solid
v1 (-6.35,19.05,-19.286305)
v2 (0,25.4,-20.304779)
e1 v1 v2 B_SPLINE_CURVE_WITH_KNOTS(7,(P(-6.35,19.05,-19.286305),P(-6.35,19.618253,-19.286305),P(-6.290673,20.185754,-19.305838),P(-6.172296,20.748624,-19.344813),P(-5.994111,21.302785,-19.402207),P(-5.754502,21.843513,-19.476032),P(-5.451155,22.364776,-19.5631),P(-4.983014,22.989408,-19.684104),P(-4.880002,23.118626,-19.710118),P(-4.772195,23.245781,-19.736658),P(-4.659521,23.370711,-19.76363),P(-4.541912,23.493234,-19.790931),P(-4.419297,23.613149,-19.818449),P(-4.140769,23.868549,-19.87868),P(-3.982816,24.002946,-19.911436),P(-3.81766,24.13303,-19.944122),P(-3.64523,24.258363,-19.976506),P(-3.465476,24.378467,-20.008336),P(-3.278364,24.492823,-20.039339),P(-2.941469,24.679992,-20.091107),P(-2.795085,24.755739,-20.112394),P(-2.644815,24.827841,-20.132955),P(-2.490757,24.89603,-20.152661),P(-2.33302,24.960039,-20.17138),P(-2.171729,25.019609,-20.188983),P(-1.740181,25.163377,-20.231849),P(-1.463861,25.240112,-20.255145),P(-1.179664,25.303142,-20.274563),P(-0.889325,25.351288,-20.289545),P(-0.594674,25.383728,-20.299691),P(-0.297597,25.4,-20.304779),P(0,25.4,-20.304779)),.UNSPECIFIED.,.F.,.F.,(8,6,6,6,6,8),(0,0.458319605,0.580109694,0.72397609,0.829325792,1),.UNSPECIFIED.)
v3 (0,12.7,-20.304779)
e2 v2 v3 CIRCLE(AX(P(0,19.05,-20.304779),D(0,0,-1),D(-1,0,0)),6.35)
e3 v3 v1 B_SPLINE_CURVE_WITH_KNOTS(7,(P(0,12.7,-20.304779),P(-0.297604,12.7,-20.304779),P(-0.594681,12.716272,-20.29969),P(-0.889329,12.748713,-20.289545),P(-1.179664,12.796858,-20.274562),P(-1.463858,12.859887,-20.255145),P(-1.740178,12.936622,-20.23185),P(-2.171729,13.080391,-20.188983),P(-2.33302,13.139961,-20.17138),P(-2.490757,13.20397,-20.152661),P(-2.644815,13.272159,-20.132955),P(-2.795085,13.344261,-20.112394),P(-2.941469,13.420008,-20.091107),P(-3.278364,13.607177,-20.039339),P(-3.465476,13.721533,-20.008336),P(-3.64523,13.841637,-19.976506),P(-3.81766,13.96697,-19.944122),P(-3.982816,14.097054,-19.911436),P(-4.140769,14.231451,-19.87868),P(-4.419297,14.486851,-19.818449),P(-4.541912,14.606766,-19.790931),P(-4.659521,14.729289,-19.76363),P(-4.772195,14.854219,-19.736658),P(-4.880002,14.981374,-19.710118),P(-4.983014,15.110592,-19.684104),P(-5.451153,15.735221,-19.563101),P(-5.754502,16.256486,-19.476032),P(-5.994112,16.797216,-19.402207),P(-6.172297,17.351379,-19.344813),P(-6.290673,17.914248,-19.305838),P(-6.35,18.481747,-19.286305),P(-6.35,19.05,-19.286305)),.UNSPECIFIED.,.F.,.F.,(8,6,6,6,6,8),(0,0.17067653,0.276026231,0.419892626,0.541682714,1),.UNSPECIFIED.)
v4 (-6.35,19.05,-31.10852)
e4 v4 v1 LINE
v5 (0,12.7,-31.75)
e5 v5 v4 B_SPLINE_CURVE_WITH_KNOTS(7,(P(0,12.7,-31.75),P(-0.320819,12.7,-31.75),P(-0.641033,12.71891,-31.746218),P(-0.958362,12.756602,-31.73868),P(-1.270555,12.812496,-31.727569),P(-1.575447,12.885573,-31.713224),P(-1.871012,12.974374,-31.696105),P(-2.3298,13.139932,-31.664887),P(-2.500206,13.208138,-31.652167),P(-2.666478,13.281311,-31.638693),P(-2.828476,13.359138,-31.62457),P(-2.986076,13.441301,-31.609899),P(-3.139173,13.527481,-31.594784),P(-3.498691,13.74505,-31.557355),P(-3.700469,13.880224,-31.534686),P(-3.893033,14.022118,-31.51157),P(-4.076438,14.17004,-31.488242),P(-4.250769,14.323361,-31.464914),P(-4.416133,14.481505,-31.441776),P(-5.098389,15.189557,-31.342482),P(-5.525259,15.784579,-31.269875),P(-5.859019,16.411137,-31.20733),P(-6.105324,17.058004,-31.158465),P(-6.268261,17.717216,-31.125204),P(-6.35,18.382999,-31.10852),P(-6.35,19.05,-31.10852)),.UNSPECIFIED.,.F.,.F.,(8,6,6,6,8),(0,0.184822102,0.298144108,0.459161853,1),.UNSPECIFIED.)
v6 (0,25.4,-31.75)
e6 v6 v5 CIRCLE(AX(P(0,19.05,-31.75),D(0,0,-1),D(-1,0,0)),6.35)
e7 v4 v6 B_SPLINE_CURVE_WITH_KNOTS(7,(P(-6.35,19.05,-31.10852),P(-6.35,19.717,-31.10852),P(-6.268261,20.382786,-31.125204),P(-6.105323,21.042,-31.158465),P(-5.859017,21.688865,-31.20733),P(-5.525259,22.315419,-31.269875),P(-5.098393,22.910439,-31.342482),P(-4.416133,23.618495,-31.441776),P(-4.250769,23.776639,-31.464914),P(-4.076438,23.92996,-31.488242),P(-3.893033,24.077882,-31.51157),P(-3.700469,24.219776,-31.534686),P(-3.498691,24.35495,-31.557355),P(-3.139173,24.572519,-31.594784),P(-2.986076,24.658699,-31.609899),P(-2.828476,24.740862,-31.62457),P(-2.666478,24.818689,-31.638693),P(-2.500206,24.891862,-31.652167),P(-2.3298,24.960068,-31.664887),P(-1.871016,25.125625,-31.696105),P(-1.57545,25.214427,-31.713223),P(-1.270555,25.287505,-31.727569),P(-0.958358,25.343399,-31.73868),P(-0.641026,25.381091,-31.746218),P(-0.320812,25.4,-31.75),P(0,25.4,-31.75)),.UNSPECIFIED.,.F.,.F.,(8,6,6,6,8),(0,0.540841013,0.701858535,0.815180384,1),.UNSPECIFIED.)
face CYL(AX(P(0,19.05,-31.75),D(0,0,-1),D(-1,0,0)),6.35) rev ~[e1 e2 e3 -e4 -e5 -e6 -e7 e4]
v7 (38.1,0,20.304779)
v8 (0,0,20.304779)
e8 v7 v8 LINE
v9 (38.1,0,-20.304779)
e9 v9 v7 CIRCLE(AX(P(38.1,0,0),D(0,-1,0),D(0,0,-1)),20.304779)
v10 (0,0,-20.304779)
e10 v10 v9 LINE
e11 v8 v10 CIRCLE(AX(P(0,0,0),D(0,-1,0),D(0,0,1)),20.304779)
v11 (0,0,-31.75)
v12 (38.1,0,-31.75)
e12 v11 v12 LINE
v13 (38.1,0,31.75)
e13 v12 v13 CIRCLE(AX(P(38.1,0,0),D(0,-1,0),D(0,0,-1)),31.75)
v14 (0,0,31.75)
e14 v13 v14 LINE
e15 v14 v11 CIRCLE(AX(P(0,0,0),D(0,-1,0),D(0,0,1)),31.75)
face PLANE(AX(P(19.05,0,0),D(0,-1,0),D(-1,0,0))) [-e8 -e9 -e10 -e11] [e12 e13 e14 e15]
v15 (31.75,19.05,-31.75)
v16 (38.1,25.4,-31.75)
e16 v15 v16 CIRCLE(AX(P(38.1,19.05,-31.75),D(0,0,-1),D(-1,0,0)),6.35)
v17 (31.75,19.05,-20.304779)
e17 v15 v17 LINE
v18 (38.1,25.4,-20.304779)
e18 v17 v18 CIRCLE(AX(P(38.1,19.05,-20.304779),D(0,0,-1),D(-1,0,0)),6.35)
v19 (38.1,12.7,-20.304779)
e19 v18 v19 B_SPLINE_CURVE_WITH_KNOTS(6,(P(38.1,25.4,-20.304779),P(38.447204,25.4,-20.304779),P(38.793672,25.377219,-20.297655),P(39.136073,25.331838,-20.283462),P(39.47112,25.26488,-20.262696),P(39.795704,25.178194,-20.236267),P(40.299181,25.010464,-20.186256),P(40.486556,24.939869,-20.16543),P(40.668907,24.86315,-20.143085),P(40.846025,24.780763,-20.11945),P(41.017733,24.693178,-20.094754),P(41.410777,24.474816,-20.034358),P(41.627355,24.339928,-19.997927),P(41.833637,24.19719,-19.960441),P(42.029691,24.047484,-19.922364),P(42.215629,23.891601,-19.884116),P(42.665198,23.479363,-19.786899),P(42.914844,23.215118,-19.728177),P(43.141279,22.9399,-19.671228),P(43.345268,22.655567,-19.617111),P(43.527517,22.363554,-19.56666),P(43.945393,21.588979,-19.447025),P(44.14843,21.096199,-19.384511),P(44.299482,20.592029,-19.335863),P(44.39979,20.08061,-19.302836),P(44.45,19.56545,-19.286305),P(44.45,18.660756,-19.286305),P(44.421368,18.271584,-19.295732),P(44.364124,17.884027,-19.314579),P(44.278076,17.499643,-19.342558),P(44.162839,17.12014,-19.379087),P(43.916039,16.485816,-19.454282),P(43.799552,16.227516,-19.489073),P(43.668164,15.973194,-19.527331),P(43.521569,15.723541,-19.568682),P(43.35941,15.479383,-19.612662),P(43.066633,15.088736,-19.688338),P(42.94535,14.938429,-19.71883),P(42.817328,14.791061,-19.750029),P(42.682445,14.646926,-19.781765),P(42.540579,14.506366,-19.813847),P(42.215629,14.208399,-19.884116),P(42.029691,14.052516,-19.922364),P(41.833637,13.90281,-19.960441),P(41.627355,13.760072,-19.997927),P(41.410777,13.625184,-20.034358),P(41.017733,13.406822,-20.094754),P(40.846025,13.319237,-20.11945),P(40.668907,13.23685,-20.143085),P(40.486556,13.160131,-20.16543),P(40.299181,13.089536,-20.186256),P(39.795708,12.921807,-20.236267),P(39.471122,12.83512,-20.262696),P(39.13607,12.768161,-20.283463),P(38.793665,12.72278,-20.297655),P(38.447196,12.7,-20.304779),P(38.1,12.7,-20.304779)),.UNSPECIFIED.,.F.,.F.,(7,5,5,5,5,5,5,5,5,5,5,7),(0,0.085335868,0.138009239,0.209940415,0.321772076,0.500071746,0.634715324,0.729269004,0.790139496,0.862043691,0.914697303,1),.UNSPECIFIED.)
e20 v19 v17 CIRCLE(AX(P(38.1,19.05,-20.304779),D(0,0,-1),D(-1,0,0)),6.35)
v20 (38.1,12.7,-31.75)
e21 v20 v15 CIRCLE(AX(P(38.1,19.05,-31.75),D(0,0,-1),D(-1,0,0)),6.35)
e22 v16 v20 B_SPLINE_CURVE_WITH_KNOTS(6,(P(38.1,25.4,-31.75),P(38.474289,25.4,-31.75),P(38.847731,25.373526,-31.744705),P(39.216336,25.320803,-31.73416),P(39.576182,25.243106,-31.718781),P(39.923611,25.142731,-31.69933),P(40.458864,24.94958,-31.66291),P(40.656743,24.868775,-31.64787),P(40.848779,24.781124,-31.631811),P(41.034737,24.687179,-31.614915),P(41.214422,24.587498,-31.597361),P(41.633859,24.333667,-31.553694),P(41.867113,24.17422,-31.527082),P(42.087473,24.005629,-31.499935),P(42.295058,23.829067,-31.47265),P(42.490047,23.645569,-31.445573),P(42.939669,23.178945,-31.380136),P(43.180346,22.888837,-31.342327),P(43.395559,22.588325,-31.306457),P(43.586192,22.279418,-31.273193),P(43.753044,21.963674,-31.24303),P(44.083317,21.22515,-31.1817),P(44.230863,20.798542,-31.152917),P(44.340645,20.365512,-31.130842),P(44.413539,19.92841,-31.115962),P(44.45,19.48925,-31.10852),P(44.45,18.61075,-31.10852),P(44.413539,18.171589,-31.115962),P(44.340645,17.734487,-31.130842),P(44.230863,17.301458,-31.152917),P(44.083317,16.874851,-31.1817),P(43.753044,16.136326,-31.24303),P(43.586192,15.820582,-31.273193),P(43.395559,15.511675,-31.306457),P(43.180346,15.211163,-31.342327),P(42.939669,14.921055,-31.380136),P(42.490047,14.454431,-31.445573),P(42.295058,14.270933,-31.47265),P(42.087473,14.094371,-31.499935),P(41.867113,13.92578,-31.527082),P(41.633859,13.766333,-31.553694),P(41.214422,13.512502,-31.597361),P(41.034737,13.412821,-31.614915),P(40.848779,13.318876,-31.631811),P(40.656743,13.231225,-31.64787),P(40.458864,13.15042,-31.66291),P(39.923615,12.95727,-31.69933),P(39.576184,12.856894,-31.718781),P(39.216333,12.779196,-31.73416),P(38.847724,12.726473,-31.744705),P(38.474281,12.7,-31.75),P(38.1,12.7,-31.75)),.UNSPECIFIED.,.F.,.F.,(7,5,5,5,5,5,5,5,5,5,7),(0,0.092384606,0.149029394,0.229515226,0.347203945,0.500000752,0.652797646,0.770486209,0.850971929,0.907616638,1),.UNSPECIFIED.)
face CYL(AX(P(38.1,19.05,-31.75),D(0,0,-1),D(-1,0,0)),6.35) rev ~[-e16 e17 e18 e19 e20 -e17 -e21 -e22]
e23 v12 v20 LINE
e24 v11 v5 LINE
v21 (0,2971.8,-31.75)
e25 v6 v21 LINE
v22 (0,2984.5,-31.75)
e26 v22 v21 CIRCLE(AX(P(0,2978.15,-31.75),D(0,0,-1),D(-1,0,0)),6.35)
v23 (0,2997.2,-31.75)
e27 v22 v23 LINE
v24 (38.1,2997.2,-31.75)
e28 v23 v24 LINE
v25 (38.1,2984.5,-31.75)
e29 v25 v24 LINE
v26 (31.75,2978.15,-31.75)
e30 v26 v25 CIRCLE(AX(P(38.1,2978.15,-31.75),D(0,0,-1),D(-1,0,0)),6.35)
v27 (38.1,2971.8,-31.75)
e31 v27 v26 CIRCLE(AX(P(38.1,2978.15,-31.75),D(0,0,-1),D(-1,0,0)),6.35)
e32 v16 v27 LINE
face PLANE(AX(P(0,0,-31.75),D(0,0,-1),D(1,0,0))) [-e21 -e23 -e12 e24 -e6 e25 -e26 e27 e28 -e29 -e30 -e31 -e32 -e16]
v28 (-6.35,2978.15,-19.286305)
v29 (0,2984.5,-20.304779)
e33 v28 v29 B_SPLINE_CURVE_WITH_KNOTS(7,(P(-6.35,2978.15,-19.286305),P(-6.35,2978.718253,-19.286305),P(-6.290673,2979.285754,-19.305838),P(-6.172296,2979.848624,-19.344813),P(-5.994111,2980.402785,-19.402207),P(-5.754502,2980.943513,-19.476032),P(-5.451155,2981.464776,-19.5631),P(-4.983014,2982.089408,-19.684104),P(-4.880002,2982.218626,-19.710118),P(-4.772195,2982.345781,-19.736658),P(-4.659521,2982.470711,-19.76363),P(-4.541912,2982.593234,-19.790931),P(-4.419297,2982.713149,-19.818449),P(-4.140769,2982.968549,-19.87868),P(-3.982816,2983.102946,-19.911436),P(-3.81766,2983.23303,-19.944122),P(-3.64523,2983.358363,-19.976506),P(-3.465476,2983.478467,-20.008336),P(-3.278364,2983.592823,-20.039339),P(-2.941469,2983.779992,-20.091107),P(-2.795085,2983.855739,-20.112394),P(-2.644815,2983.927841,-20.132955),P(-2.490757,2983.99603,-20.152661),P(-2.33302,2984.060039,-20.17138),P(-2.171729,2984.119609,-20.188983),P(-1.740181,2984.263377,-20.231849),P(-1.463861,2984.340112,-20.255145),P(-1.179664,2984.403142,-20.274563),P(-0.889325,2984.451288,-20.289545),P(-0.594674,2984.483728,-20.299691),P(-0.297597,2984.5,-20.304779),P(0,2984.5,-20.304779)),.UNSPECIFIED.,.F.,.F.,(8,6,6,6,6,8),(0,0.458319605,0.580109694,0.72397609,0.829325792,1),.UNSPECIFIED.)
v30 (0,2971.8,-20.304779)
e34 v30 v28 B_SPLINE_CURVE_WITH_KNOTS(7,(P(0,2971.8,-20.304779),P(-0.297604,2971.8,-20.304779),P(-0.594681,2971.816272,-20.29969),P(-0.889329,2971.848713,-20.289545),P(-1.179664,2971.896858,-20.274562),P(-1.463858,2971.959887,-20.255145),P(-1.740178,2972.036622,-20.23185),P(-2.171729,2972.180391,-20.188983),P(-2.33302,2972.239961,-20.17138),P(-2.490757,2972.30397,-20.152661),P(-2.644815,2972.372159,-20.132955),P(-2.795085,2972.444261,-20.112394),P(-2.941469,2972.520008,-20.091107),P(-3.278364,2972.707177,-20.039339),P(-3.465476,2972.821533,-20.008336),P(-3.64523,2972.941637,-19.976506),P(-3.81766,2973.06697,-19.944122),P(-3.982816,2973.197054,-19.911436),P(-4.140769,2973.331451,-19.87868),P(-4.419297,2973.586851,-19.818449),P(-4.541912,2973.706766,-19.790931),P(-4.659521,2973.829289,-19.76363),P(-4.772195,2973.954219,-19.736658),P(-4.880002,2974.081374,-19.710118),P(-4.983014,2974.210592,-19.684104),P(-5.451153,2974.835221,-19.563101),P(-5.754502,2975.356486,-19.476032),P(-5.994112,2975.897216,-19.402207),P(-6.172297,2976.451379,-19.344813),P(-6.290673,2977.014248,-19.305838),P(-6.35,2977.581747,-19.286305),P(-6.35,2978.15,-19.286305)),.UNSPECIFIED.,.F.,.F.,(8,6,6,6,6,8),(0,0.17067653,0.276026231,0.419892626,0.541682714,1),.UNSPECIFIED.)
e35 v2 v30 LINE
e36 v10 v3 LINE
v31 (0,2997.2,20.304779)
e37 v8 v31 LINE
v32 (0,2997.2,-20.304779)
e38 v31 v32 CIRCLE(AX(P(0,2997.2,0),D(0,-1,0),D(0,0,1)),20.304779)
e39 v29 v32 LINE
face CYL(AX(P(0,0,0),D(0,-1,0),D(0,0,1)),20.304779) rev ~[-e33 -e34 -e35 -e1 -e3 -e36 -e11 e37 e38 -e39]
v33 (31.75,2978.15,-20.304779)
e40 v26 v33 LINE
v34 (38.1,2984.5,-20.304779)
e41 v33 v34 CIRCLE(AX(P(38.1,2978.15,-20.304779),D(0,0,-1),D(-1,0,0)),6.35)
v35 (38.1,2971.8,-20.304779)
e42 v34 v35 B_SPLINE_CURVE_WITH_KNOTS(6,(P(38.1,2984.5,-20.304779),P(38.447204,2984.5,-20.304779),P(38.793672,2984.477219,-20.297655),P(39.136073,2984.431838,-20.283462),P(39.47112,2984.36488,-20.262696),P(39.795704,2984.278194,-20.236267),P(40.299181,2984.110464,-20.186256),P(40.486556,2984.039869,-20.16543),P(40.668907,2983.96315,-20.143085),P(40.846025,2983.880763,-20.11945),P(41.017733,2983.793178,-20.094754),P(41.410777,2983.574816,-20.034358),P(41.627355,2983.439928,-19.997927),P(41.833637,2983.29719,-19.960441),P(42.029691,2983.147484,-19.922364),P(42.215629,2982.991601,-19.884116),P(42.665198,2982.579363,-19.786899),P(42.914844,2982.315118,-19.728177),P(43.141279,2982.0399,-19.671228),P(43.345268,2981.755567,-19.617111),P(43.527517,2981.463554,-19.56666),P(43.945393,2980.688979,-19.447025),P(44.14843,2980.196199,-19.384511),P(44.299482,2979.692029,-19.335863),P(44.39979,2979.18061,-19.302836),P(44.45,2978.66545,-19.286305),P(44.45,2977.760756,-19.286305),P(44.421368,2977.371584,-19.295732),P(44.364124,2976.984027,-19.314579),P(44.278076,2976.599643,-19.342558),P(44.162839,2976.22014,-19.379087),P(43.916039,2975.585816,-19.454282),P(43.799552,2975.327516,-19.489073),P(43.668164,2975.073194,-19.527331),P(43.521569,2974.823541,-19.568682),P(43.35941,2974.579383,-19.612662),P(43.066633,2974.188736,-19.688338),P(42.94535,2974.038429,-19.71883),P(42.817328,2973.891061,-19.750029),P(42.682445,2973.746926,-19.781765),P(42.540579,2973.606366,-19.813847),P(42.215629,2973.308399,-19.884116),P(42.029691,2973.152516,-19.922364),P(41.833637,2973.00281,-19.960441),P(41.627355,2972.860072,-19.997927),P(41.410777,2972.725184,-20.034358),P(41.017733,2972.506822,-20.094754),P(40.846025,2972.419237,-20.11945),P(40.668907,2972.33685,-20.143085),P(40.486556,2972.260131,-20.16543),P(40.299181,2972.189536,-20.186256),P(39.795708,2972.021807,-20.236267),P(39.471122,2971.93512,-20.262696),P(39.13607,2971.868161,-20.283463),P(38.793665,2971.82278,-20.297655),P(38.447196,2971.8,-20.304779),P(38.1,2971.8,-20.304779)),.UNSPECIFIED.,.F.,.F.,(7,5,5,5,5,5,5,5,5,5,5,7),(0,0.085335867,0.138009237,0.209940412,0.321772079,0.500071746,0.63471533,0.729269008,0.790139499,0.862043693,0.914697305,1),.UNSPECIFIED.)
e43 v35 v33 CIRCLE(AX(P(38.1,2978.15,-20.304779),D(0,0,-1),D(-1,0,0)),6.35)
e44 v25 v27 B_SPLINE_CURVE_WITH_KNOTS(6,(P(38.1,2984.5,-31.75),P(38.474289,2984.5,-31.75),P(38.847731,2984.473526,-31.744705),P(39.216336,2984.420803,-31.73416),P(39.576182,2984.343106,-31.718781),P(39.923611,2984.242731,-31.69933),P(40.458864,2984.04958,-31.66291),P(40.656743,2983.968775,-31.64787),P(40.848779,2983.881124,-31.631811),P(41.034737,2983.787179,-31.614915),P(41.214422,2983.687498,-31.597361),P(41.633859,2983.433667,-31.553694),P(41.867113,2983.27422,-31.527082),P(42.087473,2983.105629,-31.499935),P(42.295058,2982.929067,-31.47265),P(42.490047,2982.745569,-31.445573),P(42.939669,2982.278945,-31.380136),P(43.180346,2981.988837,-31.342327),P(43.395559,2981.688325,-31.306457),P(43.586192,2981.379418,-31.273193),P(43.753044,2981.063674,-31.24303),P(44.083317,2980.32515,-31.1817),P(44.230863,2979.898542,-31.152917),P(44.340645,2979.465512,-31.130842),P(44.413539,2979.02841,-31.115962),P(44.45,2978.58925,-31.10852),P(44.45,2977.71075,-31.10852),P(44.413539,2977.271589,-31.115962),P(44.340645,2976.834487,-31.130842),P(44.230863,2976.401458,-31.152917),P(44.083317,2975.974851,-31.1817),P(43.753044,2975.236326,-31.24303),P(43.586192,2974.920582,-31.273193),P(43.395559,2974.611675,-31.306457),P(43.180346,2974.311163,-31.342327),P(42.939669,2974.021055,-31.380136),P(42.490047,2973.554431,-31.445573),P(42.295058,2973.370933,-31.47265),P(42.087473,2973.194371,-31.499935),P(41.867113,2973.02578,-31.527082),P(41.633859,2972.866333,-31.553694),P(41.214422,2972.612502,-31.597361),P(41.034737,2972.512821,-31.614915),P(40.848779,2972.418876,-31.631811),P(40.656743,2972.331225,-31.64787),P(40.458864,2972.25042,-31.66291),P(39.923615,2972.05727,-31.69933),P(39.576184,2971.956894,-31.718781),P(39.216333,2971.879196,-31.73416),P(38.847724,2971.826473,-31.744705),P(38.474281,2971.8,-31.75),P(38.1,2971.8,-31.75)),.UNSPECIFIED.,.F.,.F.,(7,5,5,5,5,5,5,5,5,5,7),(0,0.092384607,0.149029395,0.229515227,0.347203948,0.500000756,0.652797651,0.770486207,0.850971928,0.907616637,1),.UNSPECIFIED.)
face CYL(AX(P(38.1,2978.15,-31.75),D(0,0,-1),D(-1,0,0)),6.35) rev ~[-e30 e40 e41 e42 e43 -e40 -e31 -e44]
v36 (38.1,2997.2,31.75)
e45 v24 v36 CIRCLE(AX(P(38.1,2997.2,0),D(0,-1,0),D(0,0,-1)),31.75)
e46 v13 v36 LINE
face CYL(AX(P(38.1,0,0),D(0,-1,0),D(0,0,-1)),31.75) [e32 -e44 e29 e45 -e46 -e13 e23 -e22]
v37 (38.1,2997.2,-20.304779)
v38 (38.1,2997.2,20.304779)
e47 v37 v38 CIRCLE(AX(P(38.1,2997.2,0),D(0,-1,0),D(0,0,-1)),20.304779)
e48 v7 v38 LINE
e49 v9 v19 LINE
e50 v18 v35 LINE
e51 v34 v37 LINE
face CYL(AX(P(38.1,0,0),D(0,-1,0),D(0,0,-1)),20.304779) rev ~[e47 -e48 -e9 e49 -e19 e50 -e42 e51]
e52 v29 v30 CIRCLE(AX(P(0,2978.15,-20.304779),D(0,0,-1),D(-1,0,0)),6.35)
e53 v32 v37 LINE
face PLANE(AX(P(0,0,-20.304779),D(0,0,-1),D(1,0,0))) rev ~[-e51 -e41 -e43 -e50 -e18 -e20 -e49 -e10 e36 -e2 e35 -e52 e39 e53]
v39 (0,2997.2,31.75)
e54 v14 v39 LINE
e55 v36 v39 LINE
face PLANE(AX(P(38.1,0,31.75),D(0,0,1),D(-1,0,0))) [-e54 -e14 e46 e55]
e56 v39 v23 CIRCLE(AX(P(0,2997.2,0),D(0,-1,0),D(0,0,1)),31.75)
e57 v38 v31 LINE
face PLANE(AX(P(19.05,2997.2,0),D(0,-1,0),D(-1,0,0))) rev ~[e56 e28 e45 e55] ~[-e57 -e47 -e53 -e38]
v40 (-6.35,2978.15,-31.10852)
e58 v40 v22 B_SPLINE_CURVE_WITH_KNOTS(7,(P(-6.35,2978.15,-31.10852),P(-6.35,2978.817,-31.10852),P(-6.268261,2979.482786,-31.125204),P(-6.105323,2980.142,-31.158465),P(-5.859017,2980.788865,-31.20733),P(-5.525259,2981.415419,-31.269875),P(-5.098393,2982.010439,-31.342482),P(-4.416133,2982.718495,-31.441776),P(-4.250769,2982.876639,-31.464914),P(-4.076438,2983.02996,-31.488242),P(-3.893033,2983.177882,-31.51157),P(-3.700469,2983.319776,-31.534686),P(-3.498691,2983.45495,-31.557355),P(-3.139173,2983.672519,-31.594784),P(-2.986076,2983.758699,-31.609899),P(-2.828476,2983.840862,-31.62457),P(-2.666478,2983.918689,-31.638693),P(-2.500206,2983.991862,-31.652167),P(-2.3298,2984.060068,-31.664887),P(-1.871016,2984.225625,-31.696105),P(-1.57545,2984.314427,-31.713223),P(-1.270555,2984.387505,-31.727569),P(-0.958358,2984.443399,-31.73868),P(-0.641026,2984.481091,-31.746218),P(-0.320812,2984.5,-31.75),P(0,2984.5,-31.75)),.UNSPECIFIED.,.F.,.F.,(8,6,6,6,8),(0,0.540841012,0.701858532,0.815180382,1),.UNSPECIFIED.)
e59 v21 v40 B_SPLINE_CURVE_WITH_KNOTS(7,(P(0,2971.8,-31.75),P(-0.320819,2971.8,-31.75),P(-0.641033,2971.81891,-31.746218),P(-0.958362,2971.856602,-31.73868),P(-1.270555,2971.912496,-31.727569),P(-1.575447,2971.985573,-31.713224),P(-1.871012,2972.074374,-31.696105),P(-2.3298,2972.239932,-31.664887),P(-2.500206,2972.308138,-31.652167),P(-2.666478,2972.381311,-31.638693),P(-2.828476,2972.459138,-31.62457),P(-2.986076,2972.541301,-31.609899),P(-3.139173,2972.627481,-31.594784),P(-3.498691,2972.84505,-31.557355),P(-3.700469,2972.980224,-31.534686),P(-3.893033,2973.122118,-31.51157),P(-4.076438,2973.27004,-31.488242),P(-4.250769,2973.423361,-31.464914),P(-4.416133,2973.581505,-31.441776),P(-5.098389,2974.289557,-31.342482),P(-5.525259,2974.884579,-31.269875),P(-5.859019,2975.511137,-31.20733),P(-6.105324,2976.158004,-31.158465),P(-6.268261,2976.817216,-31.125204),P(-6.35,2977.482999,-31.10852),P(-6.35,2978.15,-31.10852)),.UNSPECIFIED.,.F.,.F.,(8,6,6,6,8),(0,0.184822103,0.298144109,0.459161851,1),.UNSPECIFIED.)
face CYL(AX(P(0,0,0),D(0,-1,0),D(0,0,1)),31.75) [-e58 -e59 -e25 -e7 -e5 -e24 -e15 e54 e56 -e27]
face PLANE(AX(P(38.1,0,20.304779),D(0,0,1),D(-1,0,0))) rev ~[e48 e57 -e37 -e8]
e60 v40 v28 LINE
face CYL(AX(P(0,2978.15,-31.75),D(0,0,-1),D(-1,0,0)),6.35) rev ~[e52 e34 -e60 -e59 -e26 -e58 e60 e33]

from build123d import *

# Parameters (mm, degrees)
BOSS_EXTRUDE1_DEPTH = 2997.2
SKETCH2_R           = 6.35
CUT_EXTRUDE1_DEPTH  = 25.4


with BuildPart() as part:
    # Sketch1 → Boss-Extrude1 (new body)
    with BuildSketch(Plane(origin=(0, 0, 0), x_dir=(1, 0, 0), z_dir=(0, 1, 0))):
        with BuildLine():
            Line((0, 31.75), (38.1, 31.75))
            ThreePointArc((38.1, 31.75), (69.85, 0), (38.1, -31.75))
            Line((38.1, -31.75), (0, -31.75))
            ThreePointArc((0, -31.75), (-31.75, 0), (0, 31.75))
        make_face()
        with BuildLine():
            Line((0, 20.304779167), (38.1, 20.304779167))
            ThreePointArc((38.1, 20.304779167), (58.404779167, 0), (38.1, -20.304779167))
            Line((38.1, -20.304779167), (0, -20.304779167))
            ThreePointArc((0, -20.304779167), (-20.304779167, 0), (0, 20.304779167))
        make_face(mode=Mode.SUBTRACT)
    extrude(amount=BOSS_EXTRUDE1_DEPTH)

    # Sketch2 → Cut-Extrude1 (cut)
    with BuildSketch(Plane(origin=(0, 0, -31.75), x_dir=(-1, 0, 0), z_dir=(0, 0, -1))):
        with Locations((-38.1, 19.05)):
            Circle(SKETCH2_R)
        with Locations((0, 19.05)):
            Circle(SKETCH2_R)
        with Locations((-38.1, 2978.15)):
            Circle(SKETCH2_R)
        with Locations((0, 2978.15)):
            Circle(SKETCH2_R)
    extrude(amount=-CUT_EXTRUDE1_DEPTH, mode=Mode.SUBTRACT)


solid = part.part
